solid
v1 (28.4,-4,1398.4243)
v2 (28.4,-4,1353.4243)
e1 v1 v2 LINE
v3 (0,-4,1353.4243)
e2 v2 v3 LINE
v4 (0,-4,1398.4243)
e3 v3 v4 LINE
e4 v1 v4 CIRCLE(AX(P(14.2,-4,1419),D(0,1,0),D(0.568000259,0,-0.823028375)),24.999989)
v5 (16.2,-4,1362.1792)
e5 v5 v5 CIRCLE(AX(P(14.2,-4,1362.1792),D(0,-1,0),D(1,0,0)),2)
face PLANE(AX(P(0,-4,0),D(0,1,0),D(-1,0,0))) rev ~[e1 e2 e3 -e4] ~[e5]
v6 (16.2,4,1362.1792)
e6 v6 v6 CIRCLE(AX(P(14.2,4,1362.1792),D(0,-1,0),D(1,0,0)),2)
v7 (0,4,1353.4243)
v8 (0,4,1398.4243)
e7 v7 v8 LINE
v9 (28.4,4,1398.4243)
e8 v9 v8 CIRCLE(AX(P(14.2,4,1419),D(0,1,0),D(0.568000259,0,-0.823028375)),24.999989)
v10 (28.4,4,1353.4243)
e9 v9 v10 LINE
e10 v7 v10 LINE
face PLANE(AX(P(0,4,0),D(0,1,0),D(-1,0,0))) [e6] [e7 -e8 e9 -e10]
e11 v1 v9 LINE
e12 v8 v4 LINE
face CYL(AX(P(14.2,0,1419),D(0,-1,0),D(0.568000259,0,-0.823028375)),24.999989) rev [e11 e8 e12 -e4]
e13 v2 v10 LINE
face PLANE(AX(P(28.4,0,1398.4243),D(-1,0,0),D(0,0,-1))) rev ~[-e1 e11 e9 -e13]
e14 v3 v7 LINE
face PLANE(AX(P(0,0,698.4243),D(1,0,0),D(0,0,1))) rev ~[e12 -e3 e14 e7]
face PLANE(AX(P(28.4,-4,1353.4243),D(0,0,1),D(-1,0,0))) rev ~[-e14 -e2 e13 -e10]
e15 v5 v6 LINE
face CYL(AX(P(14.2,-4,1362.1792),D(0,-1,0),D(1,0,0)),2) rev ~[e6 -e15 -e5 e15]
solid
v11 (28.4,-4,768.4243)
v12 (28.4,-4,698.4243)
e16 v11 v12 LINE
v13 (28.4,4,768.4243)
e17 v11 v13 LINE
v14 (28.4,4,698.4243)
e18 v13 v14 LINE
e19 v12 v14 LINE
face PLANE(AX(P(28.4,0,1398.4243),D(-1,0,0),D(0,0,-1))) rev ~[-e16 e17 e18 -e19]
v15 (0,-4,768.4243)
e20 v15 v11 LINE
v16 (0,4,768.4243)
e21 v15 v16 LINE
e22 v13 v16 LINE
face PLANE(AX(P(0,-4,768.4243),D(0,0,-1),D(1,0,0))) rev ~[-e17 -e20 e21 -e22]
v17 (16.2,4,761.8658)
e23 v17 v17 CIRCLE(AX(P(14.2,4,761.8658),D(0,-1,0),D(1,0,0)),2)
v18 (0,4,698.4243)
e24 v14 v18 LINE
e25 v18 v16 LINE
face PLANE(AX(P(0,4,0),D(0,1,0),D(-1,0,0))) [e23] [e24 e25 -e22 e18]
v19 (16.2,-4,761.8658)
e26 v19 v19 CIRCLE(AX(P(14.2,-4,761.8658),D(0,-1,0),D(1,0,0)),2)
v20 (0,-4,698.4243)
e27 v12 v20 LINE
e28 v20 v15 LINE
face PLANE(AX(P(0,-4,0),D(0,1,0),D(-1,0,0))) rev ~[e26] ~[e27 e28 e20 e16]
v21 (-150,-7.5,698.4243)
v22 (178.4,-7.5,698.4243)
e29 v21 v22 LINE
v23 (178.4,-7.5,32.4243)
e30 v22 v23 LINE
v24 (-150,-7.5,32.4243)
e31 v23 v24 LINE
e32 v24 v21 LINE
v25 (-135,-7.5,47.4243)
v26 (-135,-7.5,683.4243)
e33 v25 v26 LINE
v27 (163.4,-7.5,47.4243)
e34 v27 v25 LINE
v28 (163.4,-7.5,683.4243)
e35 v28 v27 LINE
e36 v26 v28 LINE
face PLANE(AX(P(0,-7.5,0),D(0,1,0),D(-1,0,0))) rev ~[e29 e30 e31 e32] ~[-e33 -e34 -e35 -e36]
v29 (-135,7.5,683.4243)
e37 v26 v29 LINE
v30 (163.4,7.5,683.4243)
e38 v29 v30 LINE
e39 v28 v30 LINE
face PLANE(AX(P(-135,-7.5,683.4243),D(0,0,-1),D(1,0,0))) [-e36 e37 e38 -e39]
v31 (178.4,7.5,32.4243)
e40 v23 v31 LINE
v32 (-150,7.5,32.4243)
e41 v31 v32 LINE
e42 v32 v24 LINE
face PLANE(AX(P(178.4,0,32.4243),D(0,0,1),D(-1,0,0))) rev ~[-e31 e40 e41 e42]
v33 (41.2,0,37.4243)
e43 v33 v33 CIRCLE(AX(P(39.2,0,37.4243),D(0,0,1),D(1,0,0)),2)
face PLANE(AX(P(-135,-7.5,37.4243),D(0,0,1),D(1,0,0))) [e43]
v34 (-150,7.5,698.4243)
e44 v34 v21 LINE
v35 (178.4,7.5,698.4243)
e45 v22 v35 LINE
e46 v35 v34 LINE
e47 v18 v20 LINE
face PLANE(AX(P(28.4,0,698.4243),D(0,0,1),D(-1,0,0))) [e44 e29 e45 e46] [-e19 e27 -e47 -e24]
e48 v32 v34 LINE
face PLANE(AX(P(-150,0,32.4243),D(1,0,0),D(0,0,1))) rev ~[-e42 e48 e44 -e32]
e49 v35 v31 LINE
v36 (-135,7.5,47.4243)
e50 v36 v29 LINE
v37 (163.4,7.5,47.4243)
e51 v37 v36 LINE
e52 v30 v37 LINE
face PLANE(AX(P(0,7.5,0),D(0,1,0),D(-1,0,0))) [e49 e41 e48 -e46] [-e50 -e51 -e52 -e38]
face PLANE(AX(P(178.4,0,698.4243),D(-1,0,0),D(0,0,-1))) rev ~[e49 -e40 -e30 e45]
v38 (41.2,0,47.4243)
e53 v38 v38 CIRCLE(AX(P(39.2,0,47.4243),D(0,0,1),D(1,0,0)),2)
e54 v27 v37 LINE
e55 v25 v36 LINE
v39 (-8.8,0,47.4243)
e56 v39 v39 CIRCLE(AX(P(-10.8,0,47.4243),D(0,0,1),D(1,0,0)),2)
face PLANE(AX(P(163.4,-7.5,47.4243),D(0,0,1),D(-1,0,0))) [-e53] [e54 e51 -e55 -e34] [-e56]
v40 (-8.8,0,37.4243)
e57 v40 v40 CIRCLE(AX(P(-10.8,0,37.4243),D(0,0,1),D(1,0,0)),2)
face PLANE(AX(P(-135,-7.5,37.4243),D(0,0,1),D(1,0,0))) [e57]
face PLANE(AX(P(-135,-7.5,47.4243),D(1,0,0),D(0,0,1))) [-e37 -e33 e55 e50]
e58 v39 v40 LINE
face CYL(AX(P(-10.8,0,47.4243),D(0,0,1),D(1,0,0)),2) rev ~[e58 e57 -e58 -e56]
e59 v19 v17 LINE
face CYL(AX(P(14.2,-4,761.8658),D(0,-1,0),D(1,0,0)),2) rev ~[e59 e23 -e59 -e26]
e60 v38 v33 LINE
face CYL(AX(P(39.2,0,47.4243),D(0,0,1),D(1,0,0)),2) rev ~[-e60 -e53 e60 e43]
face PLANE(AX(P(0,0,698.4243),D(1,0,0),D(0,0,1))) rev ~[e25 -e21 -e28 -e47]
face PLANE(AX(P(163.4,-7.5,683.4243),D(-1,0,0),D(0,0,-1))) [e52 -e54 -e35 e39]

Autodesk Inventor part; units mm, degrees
ref_plane "YZ Plane" through (0, 0, 0) normal (1, 0, 0) x (0, 1, 0)
ref_plane "XZ Plane" through (0, 0, 0) normal (0, 1, 0) x (-1, 0, 0)
sketch "Boceto2" plane through (0, 0, 0) normal (0, 1, 0) x (-1, 0, 0)
  line L0 (350, 0) -> (-350, 0)
  line L1 (-350, 0) -> (-350, 1000)
  line L2 (-120, 1500) -> (80, 1500)
  line L3 (350, 1000) -> (350, 0)
  line L4 (80, 1000) -> (80, 1500)
  line L5 (-120, 1000) -> (-120, 1500)
  line L6 (350, 1000) -> (80, 1000)
  line L7 (-120, 1000) -> (-350, 1000)
  arc A0 (-28.4, 1398.4243) -> (0, 1398.4243) centre (-14.2, 1419) ccw
  line L8 (-28.4, 1398.4243) -> (-28.4, 698.4243)
  line L9 (-28.4, 698.4243) -> (0, 698.4243)
  line L10 (0, 698.4243) -> (0, 1398.4243)
  line L11 (150, 698.4243) -> (-178.4, 698.4243)
  line L12 (-178.4, 698.4243) -> (-178.4, 32.4243)
  line L13 (-178.4, 32.4243) -> (150, 32.4243)
  line L14 (150, 32.4243) -> (150, 698.4243)
  point P0 (-14.2, 698.4243)
  dimension "d16" = 105.8
  dimension "d17" = 81
  dimension "d18" = 700
  dimension "d19" = 28.4
  dimension "d21" = 666
  dimension "d22" = 150
  dimension "d23" = 150
  dimension "d24" = 0
extrude "Extrusión1" add sketch "Boceto2" along normal mid plane 15 contours L9 L11 L14 L13 L12
extrude "Extrusión2" add sketch "Boceto2" along normal mid plane 8 contours A0 L10 L9 L8
sketch "Boceto3" plane through (0, -7.5, 0) normal (0, -1, 0) x (1, 0, 0)
  line L0 (-150, 698.4243) -> (178.4, 698.4243) projected
  line L1 (178.4, 698.4243) -> (178.4, 32.4243) projected
  line L2 (-150, 698.4243) -> (178.4, 698.4243)
  line L3 (178.4, 698.4243) -> (178.4, 32.4243)
  line L4 (178.4, 32.4243) -> (-150, 32.4243)
  line L5 (-150, 32.4243) -> (-150, 698.4243)
  line L6 (-135, 683.4243) -> (163.4, 683.4243)
  line L7 (163.4, 683.4243) -> (163.4, 47.4243)
  line L8 (163.4, 47.4243) -> (-135, 47.4243)
  line L9 (-135, 47.4243) -> (-135, 683.4243)
  point P0 (0, 0)
  dimension "d29" = 15
  dimension "d30" = 15
  dimension "d31" = 15
  dimension "d32" = 15
  dimension "d49" = 666
extrude "Extrusión3" cut sketch "Boceto3" against normal blind 15 contours L6 L7 L8 L9
sketch "Boceto4" plane through (0, -4, 0) normal (0, -1, 0) x (1, 0, 0)
  line L0 (0, 698.4243) -> (0, 1398.4243) projected
  line L1 (28.4, 1398.4243) -> (28.4, 698.4243) projected
  line L2 (0, 768.4243) -> (28.4, 768.4243)
  line L3 (28.4, 768.4243) -> (28.4, 1353.4243)
  line L4 (28.4, 1353.4243) -> (0, 1353.4243)
  line L5 (0, 1353.4243) -> (0, 768.4243)
  line L6 (178.4, 698.4243) -> (-150, 698.4243) projected
  circle A0 centre (14.2, 1362.1792) radius 2
  circle A1 centre (14.2, 761.8658) radius 2
  point P0 (0, 0)
  point P1 (14.2, 698.4243)
  point P2 (14.2, 1353.4243)
  point P3 (0, 1353.4243)
  dimension "d35" = 70
  dimension "d36" = 45
  dimension "d37" = 4
  dimension "d38" = 4
extrude "Extrusión4" cut sketch "Boceto4" against normal blind 15 contours L0 L4 L1 L2 | A0 | A1
ref_plane "Plano de trabajo1" through (0, 0, 0) normal (0, -1, 0) x (1, 0, 0)
sketch "Boceto5" plane through (0, 0, 0) normal (0, -1, 0) x (1, 0, 0)
  circle A0 centre (14.2, 1362.1792) radius 2
  point P0 (0, 0)
  point P1 (14.2, 761.8658)
  point P2 (14.2, 759.8658)
  point P3 (14.2, 763.8658)
  point P4 (14.2, 1364.1792)
  point P5 (14.2, 1360.1792)
sketch "Boceto6" plane through (178.4, 7.5, 32.4243) normal (0, 0, -1) x (-1, 0, 0)
  line L0 (0, -15) -> (0, 0) projected
  line L1 (0, 0) -> (328.4, 0) projected
  point P0 (178.4, -7.5)
  point P1 (164.2, -7.5)
  point P2 (0, -7.5)
  dimension "d41" = 164.2
  dimension "d42" = 7.5
sketch "Boceto7" plane through (-135, -7.5, 47.4243) normal (0, 0, 1) x (1, 0, 0)
  circle A0 centre (124.2, 7.5) radius 2
  circle A1 centre (174.2, 7.5) radius 2
  line L0 (0, 0) -> (0, 15) projected
  line L1 (0, 15) -> (298.4, 15) projected
  point P0 (135, 7.5)
  point P1 (0, 7.5)
  dimension "d50" = 4
  dimension "d51" = 4
  dimension "d52" = 124.2
  dimension "d53" = 174.2
  dimension "d54" = 50
  dimension "d55" = 7.5
extrude "Extrusión5" cut sketch "Boceto7" against normal blind 10
properties part number "Marco"
